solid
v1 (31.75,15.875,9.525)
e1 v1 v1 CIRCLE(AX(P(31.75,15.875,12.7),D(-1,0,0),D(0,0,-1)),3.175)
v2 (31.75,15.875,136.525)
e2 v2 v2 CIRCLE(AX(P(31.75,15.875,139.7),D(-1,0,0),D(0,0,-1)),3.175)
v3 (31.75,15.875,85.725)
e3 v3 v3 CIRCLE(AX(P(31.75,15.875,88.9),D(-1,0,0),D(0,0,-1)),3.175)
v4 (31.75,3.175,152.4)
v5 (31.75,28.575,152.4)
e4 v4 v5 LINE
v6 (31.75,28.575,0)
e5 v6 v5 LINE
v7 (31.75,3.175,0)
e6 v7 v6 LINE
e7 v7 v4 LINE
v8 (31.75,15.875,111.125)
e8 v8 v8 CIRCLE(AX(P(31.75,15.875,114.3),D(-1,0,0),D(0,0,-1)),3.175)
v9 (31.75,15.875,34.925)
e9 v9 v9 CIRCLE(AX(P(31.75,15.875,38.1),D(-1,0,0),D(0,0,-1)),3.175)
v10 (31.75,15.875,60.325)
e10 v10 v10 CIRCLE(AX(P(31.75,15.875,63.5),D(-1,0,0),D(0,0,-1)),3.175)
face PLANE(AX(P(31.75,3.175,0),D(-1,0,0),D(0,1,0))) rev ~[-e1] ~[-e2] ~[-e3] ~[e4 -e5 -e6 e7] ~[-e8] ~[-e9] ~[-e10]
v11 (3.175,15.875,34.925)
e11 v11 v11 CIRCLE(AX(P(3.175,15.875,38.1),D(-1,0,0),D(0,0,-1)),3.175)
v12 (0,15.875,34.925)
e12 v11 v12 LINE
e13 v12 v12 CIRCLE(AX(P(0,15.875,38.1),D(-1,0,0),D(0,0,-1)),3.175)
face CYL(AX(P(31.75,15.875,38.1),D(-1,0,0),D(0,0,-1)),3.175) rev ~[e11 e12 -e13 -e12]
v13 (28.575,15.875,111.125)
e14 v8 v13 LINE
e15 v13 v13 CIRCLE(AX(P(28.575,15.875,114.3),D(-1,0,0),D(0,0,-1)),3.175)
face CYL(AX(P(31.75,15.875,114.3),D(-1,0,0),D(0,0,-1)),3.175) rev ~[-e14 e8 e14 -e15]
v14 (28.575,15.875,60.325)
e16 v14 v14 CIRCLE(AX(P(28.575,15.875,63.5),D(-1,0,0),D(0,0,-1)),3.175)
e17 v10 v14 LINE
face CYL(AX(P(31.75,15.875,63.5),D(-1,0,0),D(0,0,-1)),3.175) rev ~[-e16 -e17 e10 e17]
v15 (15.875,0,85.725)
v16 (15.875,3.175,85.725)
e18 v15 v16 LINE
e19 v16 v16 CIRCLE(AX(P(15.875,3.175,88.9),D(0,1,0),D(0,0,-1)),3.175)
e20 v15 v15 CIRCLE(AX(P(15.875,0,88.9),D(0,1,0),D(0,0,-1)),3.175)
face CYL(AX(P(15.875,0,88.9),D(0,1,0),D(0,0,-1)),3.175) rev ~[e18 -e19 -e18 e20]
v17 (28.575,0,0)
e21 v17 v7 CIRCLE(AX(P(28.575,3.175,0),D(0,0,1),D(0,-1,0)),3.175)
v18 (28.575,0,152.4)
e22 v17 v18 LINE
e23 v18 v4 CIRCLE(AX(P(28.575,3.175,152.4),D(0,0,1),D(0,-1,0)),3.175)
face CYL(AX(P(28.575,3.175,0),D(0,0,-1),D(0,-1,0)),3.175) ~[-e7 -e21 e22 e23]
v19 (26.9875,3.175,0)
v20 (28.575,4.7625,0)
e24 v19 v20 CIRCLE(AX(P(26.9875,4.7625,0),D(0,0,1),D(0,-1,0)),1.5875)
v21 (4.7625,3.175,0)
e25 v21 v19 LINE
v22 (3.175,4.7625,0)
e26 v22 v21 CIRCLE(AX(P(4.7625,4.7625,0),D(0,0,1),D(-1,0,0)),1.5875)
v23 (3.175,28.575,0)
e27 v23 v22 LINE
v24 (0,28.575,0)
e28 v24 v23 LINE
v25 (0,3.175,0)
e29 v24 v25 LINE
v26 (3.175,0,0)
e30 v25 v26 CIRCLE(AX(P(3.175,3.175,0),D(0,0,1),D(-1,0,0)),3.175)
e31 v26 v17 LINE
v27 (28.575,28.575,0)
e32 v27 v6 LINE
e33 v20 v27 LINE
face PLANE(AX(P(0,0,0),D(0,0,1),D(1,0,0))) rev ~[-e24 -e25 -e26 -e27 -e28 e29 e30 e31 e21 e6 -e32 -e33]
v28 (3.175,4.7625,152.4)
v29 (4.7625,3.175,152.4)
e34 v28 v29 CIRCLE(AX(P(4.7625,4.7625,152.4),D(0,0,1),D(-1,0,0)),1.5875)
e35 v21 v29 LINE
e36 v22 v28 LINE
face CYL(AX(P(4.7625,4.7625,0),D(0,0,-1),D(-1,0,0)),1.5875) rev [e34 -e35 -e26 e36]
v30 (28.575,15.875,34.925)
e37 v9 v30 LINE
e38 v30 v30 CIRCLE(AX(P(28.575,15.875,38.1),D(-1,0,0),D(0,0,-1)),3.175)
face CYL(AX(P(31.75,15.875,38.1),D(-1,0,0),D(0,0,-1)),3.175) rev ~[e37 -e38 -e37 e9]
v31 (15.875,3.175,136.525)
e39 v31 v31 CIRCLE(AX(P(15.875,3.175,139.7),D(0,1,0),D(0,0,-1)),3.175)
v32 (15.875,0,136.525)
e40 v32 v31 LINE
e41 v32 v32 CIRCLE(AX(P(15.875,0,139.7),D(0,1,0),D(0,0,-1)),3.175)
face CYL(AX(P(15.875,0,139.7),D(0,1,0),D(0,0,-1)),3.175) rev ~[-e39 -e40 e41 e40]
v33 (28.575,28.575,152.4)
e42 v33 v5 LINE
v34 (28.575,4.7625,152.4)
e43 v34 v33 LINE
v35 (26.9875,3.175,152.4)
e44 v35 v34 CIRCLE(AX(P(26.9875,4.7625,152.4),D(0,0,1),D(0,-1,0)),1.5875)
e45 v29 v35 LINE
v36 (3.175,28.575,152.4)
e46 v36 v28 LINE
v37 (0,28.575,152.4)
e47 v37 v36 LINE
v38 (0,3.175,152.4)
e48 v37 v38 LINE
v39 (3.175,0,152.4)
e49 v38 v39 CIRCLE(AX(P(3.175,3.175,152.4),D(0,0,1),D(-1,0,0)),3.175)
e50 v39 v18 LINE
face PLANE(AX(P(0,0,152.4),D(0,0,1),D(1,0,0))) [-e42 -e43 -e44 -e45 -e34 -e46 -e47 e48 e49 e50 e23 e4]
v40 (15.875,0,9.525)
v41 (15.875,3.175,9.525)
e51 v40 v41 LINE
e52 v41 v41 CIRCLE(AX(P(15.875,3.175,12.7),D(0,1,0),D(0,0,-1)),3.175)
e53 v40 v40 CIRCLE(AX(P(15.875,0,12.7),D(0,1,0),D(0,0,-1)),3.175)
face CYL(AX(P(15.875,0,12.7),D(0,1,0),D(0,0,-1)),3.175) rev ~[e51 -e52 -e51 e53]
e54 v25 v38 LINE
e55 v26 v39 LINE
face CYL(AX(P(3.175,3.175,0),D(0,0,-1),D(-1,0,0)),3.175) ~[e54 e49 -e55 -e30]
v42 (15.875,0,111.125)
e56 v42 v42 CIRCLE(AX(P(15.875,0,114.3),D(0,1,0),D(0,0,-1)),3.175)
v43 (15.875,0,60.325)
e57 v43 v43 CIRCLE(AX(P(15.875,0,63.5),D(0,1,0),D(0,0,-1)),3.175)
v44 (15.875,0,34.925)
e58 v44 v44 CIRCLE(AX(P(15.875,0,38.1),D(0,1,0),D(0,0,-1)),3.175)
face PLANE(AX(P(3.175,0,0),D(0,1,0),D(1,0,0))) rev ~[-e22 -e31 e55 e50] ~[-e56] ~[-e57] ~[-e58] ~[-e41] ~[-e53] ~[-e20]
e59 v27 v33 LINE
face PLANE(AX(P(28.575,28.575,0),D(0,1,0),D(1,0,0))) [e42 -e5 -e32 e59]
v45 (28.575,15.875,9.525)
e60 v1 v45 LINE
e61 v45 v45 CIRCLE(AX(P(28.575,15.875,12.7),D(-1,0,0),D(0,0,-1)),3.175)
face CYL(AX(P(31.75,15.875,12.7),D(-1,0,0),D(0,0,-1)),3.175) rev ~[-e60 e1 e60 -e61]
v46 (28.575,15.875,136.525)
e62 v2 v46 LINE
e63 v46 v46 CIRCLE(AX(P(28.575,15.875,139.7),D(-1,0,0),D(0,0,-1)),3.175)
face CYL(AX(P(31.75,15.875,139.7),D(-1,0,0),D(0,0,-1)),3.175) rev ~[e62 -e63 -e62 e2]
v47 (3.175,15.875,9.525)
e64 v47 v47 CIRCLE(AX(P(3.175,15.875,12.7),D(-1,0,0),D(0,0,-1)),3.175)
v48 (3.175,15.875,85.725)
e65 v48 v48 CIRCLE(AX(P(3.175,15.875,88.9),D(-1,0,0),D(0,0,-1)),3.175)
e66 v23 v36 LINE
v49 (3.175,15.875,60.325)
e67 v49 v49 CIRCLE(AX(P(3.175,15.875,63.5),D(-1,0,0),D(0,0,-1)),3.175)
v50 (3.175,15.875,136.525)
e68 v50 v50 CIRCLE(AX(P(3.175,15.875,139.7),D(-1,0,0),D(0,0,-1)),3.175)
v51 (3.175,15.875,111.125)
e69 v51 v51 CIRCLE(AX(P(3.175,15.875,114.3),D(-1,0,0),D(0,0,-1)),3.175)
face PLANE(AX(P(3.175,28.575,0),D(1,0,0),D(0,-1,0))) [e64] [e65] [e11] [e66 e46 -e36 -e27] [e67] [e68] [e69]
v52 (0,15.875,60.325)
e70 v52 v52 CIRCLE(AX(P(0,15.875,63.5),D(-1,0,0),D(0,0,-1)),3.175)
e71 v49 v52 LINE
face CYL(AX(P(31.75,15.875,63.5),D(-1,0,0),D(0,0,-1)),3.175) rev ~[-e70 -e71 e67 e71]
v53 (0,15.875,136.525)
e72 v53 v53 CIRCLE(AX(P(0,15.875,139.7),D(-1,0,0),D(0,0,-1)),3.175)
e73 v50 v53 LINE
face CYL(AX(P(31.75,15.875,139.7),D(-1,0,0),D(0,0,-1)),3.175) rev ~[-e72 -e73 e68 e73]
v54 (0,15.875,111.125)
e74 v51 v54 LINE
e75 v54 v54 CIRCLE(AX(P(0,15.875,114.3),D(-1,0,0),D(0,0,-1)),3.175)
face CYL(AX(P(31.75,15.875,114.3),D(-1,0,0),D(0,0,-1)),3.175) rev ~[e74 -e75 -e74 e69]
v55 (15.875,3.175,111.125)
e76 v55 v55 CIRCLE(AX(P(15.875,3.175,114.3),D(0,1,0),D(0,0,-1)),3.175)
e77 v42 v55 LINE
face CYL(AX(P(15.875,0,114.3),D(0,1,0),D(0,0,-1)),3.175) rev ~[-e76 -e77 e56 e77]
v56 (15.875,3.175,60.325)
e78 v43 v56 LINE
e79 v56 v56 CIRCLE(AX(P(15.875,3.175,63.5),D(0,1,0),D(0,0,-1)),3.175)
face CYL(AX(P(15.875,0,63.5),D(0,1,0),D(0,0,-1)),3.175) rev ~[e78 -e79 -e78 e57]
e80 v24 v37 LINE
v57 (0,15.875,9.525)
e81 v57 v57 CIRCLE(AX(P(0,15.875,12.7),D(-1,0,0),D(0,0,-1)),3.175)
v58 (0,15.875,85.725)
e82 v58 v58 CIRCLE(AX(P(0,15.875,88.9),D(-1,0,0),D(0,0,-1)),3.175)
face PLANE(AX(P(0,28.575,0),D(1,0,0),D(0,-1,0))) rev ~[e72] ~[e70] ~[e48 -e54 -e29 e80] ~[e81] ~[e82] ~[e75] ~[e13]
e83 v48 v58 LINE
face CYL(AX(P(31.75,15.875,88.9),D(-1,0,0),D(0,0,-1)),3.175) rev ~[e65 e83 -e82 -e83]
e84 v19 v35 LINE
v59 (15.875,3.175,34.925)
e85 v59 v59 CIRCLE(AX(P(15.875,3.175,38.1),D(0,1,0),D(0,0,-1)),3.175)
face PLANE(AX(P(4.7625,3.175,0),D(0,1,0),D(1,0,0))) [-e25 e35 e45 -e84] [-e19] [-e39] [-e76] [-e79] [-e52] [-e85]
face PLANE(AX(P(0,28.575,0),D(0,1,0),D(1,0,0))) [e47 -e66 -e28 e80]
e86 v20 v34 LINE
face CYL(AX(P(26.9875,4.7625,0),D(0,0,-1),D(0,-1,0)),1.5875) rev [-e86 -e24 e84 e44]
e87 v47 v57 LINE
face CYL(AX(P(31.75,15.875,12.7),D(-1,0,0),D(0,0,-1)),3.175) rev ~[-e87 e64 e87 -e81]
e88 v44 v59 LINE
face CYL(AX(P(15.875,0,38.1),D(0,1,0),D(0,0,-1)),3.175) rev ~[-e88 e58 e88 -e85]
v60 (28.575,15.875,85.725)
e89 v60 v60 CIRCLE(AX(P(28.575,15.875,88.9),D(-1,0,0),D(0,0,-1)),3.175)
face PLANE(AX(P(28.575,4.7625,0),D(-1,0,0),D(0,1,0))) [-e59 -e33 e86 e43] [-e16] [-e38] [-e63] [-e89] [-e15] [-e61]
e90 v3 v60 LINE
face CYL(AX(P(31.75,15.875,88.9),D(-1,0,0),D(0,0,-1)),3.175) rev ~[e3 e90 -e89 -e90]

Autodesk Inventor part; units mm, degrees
ref_plane "YZ Plane" through (0, 0, 0) normal (1, 0, 0) x (0, 1, 0)
ref_plane "XZ Plane" through (0, 0, 0) normal (0, 1, 0) x (-1, 0, 0)
ref_plane "XY Plane" through (0, 0, 0) normal (0, 0, 1) x (1, 0, 0)
sketch "Sketch1" plane through (0, 0, 0) normal (0, 0, 1) x (1, 0, 0)
  line L0 (3.175, 0) -> (28.575, 0)
  line L1 (31.75, 3.175) -> (31.75, 28.575)
  line L2 (0, 28.575) -> (0, 3.175)
  line L3 (4.7625, 3.175) -> (26.9875, 3.175)
  line L4 (28.575, 4.7625) -> (28.575, 28.575)
  line L5 (3.175, 28.575) -> (3.175, 4.7625)
  line L6 (0, 28.575) -> (3.175, 28.575)
  line L7 (28.575, 28.575) -> (31.75, 28.575)
  arc A0 (3.175, 4.7625) -> (4.7625, 3.175) centre (4.7625, 4.7625) ccw
  arc A1 (26.9875, 3.175) -> (28.575, 4.7625) centre (26.9875, 4.7625) ccw
  arc A2 (0, 3.175) -> (3.175, 0) centre (3.175, 3.175) ccw
  arc A3 (28.575, 0) -> (31.75, 3.175) centre (28.575, 3.175) ccw
  point P0 (0, 0)
  point P1 (0, 0)
  point P2 (31.75, 0)
  dimension "d0" = 31.75
  dimension "d1" = 28.575
  dimension "d2" = 1.5875
  dimension "d3" = 3.175
extrude "Extrusion1" add sketch "Sketch1" along normal blind 152.4
sketch "Sketch2" plane through (31.75, 3.175, 0) normal (1, 0, 0) x (0, 0, -1)
  line L0 (-152.4, 0) -> (-152.4, 25.4) projected
  line L1 (0, 0) -> (-152.4, 0) projected
  line L2 (-152.4, 12.7) -> (-139.7, 12.7)
  point P0 (0, -3.175)
  dimension "d6" = 12.7
sketch "Sketch3" plane through (3.175, 0, 0) normal (0, -1, 0) x (1, 0, 0)
  line L0 (0, 152.4) -> (25.4, 152.4) projected
  line L1 (0, 0) -> (0, 152.4) projected
  line L2 (12.7, 152.4) -> (12.7, 139.7)
  point P0 (-3.175, 0)
  dimension "d7" = 12.7
hole "Hole1" at (31.75, 15.875, 139.7) direction (-1, 0, 0) diameter 6.35 end through all
hole "Hole2" at (15.875, 0, 139.7) direction (0, 1, 0) diameter 6.35 end through all
pattern_linear "Rectangular Pattern1" count 6 spacing 25.4 along (0, 0, -1) of "Hole1", "Hole2"
properties part number "6 in bar"
